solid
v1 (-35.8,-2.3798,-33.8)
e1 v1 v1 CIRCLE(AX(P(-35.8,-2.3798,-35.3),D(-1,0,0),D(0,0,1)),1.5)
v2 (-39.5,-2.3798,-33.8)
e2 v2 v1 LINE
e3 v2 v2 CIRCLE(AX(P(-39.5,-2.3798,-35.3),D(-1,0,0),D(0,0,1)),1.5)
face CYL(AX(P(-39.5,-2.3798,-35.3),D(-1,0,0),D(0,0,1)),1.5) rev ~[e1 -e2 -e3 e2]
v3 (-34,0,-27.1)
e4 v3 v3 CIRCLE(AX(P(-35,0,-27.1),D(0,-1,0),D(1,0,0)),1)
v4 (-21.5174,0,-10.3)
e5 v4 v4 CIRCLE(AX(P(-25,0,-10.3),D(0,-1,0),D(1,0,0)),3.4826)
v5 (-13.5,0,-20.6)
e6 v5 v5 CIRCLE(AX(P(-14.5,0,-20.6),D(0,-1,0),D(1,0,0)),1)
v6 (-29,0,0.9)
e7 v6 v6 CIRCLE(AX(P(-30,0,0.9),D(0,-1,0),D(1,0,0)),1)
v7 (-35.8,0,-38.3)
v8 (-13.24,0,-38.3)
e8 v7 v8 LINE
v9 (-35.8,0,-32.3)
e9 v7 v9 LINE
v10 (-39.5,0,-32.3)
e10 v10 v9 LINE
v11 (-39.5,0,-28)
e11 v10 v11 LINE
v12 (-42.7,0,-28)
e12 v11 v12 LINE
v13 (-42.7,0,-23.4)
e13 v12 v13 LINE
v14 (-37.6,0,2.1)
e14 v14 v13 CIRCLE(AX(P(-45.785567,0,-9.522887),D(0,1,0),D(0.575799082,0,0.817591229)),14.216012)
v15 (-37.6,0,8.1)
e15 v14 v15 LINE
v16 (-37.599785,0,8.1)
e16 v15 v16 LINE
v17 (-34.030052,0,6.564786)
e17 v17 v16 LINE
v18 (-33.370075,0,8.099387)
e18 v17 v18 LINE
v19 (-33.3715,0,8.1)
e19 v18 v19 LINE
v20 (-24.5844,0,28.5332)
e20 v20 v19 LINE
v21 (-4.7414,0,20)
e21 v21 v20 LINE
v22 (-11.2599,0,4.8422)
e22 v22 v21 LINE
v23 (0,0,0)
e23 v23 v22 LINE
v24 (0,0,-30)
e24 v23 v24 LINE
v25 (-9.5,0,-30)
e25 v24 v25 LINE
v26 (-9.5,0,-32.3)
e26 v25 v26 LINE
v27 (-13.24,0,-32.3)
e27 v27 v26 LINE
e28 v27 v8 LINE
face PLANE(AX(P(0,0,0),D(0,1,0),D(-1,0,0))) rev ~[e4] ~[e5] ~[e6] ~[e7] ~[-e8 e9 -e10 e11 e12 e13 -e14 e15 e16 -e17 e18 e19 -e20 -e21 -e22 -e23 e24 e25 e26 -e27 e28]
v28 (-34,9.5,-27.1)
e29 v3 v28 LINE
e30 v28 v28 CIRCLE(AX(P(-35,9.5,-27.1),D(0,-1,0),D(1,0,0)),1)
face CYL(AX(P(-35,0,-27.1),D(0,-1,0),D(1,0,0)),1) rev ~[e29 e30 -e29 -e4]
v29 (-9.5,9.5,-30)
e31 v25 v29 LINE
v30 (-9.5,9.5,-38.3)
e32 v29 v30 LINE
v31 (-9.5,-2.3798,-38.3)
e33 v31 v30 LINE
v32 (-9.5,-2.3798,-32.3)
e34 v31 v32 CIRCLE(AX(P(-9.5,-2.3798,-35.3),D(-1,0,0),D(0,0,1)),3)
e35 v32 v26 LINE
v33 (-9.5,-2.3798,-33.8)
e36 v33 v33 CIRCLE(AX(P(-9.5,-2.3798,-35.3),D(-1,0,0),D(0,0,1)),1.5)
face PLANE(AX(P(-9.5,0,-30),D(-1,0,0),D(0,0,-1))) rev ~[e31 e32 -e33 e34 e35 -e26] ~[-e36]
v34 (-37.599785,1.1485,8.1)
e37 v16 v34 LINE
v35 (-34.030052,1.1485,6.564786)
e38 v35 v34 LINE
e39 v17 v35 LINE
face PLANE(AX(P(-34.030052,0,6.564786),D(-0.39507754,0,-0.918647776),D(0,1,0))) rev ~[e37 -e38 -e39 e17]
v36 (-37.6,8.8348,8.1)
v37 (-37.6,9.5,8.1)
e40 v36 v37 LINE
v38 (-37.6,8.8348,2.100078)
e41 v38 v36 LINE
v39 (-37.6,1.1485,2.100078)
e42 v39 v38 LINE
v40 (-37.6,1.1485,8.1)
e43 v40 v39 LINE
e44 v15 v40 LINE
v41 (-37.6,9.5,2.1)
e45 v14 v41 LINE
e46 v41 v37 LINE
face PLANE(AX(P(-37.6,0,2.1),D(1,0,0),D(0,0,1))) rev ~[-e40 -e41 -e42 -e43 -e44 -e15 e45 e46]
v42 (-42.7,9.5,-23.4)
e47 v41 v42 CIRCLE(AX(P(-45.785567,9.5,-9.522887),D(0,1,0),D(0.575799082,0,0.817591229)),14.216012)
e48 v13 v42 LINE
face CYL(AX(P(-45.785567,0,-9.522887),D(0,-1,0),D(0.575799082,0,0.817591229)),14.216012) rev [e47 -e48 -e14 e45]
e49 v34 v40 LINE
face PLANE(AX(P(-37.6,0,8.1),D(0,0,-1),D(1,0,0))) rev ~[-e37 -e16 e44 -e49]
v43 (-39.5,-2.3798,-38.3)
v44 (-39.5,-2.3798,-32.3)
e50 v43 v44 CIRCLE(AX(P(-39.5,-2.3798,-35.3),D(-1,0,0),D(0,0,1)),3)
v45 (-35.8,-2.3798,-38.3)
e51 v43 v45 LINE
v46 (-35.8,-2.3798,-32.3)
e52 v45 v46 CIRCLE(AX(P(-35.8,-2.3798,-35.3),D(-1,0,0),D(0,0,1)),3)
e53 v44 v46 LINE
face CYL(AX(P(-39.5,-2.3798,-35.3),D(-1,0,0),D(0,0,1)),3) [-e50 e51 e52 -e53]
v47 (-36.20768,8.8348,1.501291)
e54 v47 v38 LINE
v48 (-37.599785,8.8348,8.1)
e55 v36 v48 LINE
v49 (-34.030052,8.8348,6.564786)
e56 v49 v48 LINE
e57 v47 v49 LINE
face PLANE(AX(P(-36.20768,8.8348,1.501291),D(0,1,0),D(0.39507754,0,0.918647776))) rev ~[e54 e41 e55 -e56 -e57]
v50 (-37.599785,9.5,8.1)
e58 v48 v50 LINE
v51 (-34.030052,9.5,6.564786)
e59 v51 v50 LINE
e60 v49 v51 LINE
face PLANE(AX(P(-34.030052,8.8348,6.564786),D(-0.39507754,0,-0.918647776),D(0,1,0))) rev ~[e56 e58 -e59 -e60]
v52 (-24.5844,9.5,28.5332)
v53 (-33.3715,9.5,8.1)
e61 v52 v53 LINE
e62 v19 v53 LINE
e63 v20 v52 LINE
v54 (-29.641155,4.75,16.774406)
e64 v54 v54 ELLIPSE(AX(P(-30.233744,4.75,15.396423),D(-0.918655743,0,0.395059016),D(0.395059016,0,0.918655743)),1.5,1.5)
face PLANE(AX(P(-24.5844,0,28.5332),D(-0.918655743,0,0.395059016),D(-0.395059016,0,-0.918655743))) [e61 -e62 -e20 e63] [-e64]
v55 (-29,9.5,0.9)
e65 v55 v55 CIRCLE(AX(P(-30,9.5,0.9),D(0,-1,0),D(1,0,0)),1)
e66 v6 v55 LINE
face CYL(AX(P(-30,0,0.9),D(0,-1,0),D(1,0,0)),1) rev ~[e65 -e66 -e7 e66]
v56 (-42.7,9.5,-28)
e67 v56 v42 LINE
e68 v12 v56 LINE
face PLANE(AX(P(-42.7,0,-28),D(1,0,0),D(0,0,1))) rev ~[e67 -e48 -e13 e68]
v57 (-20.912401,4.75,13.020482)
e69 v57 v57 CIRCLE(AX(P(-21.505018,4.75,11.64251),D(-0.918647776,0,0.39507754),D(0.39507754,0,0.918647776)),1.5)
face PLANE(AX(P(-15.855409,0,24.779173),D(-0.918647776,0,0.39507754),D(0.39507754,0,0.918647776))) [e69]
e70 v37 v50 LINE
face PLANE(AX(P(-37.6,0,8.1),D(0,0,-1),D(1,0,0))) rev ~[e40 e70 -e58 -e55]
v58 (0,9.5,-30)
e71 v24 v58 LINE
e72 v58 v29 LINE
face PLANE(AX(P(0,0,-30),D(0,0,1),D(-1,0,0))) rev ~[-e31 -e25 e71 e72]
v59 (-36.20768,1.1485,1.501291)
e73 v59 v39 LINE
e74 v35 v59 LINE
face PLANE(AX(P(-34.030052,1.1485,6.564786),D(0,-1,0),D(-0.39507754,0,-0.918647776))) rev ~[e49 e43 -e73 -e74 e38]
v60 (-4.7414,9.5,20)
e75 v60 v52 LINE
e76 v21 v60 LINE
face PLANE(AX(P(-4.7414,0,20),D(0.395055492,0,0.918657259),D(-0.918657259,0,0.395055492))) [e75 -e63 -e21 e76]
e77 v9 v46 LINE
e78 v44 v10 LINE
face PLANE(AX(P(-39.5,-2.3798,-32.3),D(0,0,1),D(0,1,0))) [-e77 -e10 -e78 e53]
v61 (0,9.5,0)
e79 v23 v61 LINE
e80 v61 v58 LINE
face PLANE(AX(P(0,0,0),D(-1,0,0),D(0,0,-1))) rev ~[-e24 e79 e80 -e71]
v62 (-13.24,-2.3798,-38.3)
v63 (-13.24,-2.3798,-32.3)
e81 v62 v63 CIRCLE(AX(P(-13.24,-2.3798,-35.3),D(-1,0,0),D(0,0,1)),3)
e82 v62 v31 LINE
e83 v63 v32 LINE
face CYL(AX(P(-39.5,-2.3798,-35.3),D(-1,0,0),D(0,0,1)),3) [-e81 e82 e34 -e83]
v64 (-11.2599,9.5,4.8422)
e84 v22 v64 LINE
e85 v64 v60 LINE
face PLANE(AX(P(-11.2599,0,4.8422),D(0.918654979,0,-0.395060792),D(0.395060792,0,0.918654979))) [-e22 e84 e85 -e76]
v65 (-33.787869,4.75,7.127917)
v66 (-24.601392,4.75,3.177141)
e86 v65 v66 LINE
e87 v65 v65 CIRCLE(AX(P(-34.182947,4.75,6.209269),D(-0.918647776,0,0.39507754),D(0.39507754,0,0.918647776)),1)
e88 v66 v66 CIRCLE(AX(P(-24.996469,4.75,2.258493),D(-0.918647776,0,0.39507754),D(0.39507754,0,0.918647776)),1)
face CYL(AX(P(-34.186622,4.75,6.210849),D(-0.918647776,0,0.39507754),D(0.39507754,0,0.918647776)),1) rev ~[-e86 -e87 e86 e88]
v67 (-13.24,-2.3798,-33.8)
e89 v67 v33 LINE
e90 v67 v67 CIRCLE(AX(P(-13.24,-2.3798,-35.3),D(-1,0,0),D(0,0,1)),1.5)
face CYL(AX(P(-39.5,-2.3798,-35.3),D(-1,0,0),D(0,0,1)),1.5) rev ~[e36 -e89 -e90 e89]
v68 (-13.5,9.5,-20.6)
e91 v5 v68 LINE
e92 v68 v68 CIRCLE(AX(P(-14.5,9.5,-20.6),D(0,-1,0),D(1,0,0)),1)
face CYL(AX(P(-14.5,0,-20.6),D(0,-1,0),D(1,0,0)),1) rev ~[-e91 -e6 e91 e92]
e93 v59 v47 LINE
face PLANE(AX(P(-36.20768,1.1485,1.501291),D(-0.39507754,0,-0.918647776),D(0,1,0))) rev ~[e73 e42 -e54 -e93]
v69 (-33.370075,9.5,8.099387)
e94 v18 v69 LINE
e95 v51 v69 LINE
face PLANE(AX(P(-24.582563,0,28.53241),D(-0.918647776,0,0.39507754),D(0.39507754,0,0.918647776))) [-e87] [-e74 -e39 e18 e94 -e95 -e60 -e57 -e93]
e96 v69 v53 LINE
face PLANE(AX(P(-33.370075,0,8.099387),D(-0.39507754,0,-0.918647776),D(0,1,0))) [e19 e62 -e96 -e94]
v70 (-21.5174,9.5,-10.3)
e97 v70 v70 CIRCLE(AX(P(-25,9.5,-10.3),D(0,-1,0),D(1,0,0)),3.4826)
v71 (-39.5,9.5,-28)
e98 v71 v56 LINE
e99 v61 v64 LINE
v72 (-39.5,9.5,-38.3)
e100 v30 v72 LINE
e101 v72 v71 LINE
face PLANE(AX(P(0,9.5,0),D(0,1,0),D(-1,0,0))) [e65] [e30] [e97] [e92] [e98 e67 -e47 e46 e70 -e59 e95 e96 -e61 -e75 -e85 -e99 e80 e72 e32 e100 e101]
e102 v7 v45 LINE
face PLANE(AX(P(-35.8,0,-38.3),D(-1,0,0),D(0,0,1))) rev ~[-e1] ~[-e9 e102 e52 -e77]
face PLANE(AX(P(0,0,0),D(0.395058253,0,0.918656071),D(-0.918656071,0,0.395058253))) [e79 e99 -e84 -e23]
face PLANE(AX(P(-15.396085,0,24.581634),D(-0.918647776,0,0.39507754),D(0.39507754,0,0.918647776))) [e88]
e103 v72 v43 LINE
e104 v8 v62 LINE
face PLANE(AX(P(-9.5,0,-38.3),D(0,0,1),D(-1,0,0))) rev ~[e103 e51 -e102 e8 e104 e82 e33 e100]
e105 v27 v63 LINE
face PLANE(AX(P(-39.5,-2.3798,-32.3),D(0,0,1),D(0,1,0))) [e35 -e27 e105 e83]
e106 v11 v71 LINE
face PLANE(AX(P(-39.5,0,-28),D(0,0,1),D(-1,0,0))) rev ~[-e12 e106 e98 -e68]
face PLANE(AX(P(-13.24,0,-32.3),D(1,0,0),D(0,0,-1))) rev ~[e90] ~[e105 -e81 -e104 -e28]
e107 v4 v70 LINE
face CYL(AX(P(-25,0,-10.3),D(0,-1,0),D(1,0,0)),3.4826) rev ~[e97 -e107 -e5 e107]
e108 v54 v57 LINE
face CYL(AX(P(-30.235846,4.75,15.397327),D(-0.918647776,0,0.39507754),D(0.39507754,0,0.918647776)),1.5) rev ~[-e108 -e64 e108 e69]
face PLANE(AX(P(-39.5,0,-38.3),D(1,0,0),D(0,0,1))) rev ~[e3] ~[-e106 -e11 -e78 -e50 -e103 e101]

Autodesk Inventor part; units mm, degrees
ref_plane "YZ Plane" through (0, 0, 0) normal (1, 0, 0) x (0, 1, 0)
ref_plane "XZ Plane" through (0, 0, 0) normal (0, 1, 0) x (-1, 0, 0)
ref_plane "XY Plane" through (0, 0, 0) normal (0, 0, 1) x (1, 0, 0)
sketch "Skizze1" plane through (0, 0, 0) normal (0, 1, 0) x (-1, 0, 0)
  line L0 (0, 0) -> (0, -30)
  line L1 (0, -30) -> (9.5, -30)
  line L2 (9.5, -30) -> (9.5, -38.3)
  line L3 (9.5, -38.3) -> (39.5, -38.3)
  line L4 (39.5, -38.3) -> (39.5, -28)
  line L5 (39.5, -28) -> (42.7, -28)
  line L6 (42.7, -28) -> (42.7, -23.4)
  arc A0 (37.6, 2.1) -> (42.7, -23.4) centre (45.7856, -9.5229) ccw
  line L7 (0, 0) -> (11.2599, 4.8422)
  line L8 (11.2599, 4.8422) -> (4.7414, 20)
  line L9 (4.7414, 20) -> (24.5844, 28.5332)
  line L10 (24.5844, 28.5332) -> (33.3715, 8.1)
  line L11 (62.1927, -61.79) -> (-17.9865, -61.79) construction
  line L12 (-17.9865, -61.79) -> (-17.9865, 45.1157) construction
  line L13 (-17.9865, 45.1157) -> (62.1927, 45.1157) construction
  line L14 (62.1927, 45.1157) -> (62.1927, -61.79) construction
  line L15 (-1.7899, 2.1) -> (7.9361, 5.9872)
  line L16 (37.6, 2.1) -> (37.6, 8.1)
  line L17 (37.6, 8.1) -> (33.3715, 8.1)
  dimension "d0" = 30
  dimension "d1" = 9.5
  dimension "d2" = 8.3
  dimension "d3" = 30
  dimension "d4" = 10.3
  dimension "d5" = 3.2
  dimension "d6" = 4.6
  dimension "d7" = 5.1
  dimension "d8" = 25.5
  dimension "d10" = 90
  dimension "d11" = 20
  dimension "d12" = 16.5
  dimension "d13" = 21.6
  dimension "d14" = 90
  dimension "d30" = 90
  dimension "d34" = 6
extrude "Extrusion1" add sketch "Skizze1" along normal blind 9.5
sketch "Skizze2" plane through (-24.5844, 0, 28.5332) normal (-0.9187, 0, 0.3951) x (0.3951, 0, 0.9187)
  line L0 (-22.2425, 0) -> (0, 0) projected
  line L1 (0, 0) -> (0, 9.5) projected
  line L2 (-22.2425, 9.5) -> (0, 9.5) projected
  line L3 (-22.2425, 0) -> (-22.2425, 9.5) projected
  circle A0 centre (-14.3, 4.75) radius 1.5
  point P0 (-16.5, 0)
  dimension "d38" = 14.3
  dimension "d39" = 3
extrude "Extrusion2" cut sketch "Skizze2" against normal blind 9.5 contours A0
sketch "Skizze3" plane through (-39.5, 0, -38.3) normal (-1, 0, 0) x (0, 0, 1)
  line L0 (0, 0) -> (10.3, 0) projected
  line L1 (10.3, 0) -> (10.3, 9.5) projected
  line L2 (0, 9.5) -> (10.3, 9.5) projected
  line L3 (0, 0) -> (0, 9.5) projected
  circle A0 centre (3, -2.3798) radius 1.5
  circle A1 centre (3, -2.3798) radius 3
  line L4 (0, 0) -> (0, 9.5) projected
  line L5 (0, -2.3798) -> (0, 0.1566)
  line L6 (6, -2.3798) -> (6, 0)
  line L7 (8.3, 0) -> (0, 0) projected
  point P0 (38.3, 0)
  dimension "d42" = 3
  dimension "d43" = 6
extrude "Extrusion3" add sketch "Skizze3" against normal up to surface (30 mm away) contours L6 A1 L0 | A1 L0 | A1 L5 L0 picked at (2.9397, -0.2969)
sketch "Skizze4" plane through (0, 0, 0) normal (0, -1, 0) x (1, 0, 0)
  line L0 (-39.5, -32.3) -> (-9.5, -32.3) projected
  line L1 (-9.5, -30) -> (-9.5, -32.3) projected
  line L2 (0, -30) -> (-9.5, -30) projected
  line L3 (0, 0) -> (0, -30) projected
  line L4 (-11.2599, 4.8422) -> (0, 0) projected
  line L5 (-4.7414, 20) -> (-11.2599, 4.8422) projected
  line L6 (-24.5844, 28.5332) -> (-4.7414, 20) projected
  line L7 (-33.3715, 8.1) -> (-24.5844, 28.5332) projected
  line L8 (-37.6, 8.1) -> (-33.3715, 8.1) projected
  line L9 (-37.6, 2.1) -> (-37.6, 8.1) projected
  arc A0 (-42.7, -23.4) -> (-37.6, 2.1) centre (-45.7856, -9.5229) ccw projected
  line L10 (-42.7, -28) -> (-42.7, -23.4) projected
  line L11 (-39.5, -28) -> (-42.7, -28) projected
  line L12 (-39.5, -32.3) -> (-39.5, -28) projected
  circle A1 centre (-25, -10.3) radius 3.4826
  line L13 (-39.5, -38.3) -> (-9.5, -38.3) projected
  dimension "d46" = 25
  dimension "d47" = 28
extrude "Extrusion4" cut sketch "Skizze4" against normal blind 10 contours A1
sketch "Skizze5" plane through (0, 0, 0) normal (0, -1, 0) x (1, 0, 0)
  line L0 (-9.5, -38.3) -> (-9.5, -32.3) projected
  line L1 (-39.5, -32.3) -> (-9.5, -32.3) projected
  line L2 (-39.5, -38.3) -> (-39.5, -32.3) projected
  line L3 (-39.5, -38.3) -> (-9.5, -38.3) projected
  line L4 (-9.5, -38.3) -> (-39.5, -38.3) projected
  line L5 (-35.8, -32.3) -> (-13.24, -32.3)
  line L6 (-13.24, -32.3) -> (-13.24, -38.3)
  line L7 (-13.24, -38.3) -> (-35.8, -38.3)
  line L8 (-35.8, -38.3) -> (-35.8, -32.3)
  line L9 (-13.24, -32.3) -> (-35.8, -32.3)
  line L10 (-35.8, -32.3) -> (-35.8, -38.3)
  line L11 (-35.8, -38.3) -> (-13.24, -38.3)
  line L12 (-13.24, -38.3) -> (-13.24, -32.3)
  point P0 (0, 0)
  dimension "d50" = 3.74
  dimension "d51" = 3.7
extrude "Extrusion5" cut sketch "Skizze5" along normal blind 10 contours L3 L8 L1 L6
sketch "Skizze6" plane through (0, 0, 0) normal (0, -1, 0) x (1, 0, 0)
  arc A0 (-36.7, -25.4555) -> (-37.7, -26.4555) centre (-36.7, -26.4555) ccw projected
  line L0 (-37.7, -26.4555) -> (-37.7, -29.6) projected
  line L1 (-37.7, -29.6) -> (-12, -29.6) projected
  line L2 (-12, -29.6) -> (-12, -20.0723) projected
  arc A1 (-12, -20.0723) -> (-13, -19.0723) centre (-13, -20.0723) ccw projected
  line L3 (-13, -19.0723) -> (-14.8624, -19.0723) projected
  arc A2 (-15.8624, -18.0723) -> (-14.8624, -19.0723) centre (-14.8624, -18.0723) ccw projected
  line L4 (-15.8624, -18.0723) -> (-15.8624, 0.4) projected
  line L5 (-15.8624, 0.4) -> (-27.397, 0.4) projected
  arc A3 (-28.397, 1.4) -> (-27.397, 0.4) centre (-27.397, 1.4) ccw projected
  line L6 (-28.397, 1.4) -> (-28.397, 2.4) projected
  arc A4 (-28.397, 2.4) -> (-29.397, 3.4) centre (-29.397, 2.4) ccw projected
  line L7 (-29.397, 3.4) -> (-31.9624, 3.4) projected
  arc A5 (-31.9624, 3.4) -> (-32.9624, 2.4) centre (-31.9624, 2.4) ccw projected
  line L8 (-32.9624, 2.4) -> (-32.9624, -24.4555) projected
  arc A6 (-33.9624, -25.4555) -> (-32.9624, -24.4555) centre (-33.9624, -24.4555) ccw projected
  line L9 (-33.9624, -25.4555) -> (-36.7, -25.4555) projected
  line L10 (-31, -17.1) -> (-31, -1.6) projected
  line L11 (-31, -1.6) -> (-17.5, -1.6) projected
  line L12 (-17.5, -1.6) -> (-17.5, -17.1) projected
  line L13 (-17.5, -17.1) -> (-31, -17.1) projected
  circle A7 centre (-35, -27.1) radius 1 projected
  circle A8 centre (-14.5, -20.6) radius 1 projected
  circle A9 centre (-30, 0.9) radius 1 projected
  line L14 (-42.7, -28) -> (-42.7, -23.4) projected
  point P0 (0, 0)
  dimension "d56" = 7.7
extrude "Extrusion6" cut sketch "Skizze6" against normal through all contours A7 | A8 | A9
sketch "Skizze7" plane through (-24.5844, 0, 28.5332) normal (-0.9187, 0, 0.3951) x (0.3951, 0, 0.9187)
  circle A0 centre (-14.3, 4.75) radius 1.5 projected
  line L0 (-22.2425, 0) -> (0, 0) projected
  line L1 (0, 0) -> (0, 9.5) projected
  line L2 (-22.2425, 9.5) -> (0, 9.5) projected
  line L3 (-22.2425, 0) -> (-22.2425, 9.5) projected
  line L4 (-29.4249, 0) -> (-23.913, 0) projected
  line L5 (-23.913, 0) -> (-23.913, 9.5) projected
  line L6 (-29.4249, 9.5) -> (-23.913, 9.5) projected
  line L7 (-29.4249, 0) -> (-29.4249, 9.5) projected
  line L8 (-23.913, 0) -> (-23.913, 9.5) projected
  line L9 (-23.913, 0) -> (-22.2425, 0) projected
  line L10 (-22.2425, 0) -> (-22.2425, 9.5) projected
  line L11 (-23.913, 9.5) -> (-22.2425, 9.5) projected
  line L12 (-23.913, 0) -> (-23.913, 9.5) projected
  line L13 (-22.2425, 0) -> (-22.2425, 9.5) projected
  line L14 (-29.4249, 0) -> (-29.4249, 9.5) projected
  line L15 (-22.2425, 1.1485) -> (-29.4249, 1.1485)
  line L16 (-29.4249, 1.1485) -> (-29.4249, 8.8348)
  line L17 (-29.4249, 8.8348) -> (-22.2425, 8.8348)
  line L18 (-22.2425, 8.8348) -> (-22.2425, 1.1485)
  point P0 (-16.5, 0)
  point P1 (-23.913, 8.8348)
  point P2 (-29.4249, 8.8348)
  point P3 (-23.913, 1.1485)
  point P4 (-23.913, 0)
  point P5 (-23.913, 9.5)
extrude "Extrusion7" cut sketch "Skizze7" along normal blind 10 contours L9 L5 L15 L3 | L15 L5 L17 L3 | L17 L5 L11 L3 | L15 L7 L17 L5
sketch "Skizze8" plane through (-24.5844, 0, 28.5332) normal (-0.9187, 0, 0.3951) x (0.3951, 0, 0.9187)
  line L0 (-16.5, 0) -> (-16.5, 9.5) projected
  circle A0 centre (-14.3, 4.75) radius 1.5 projected
  line L1 (0, 0) -> (-23.913, 0) projected
  line L2 (0, 0) -> (0, 9.5) projected
  line L3 (-23.913, 9.5) -> (0, 9.5) projected
  line L4 (-23.913, 9.5) -> (-23.913, 8.8348) projected
  line L5 (-23.913, 8.8348) -> (-29.4249, 8.8348) projected
  line L6 (-29.4249, 8.8348) -> (-29.4249, 1.1485) projected
  line L7 (-29.4249, 1.1485) -> (-23.913, 1.1485) projected
  line L8 (-23.913, 1.1485) -> (-23.913, 0) projected
  circle A1 centre (-24.3, 4.75) radius 1
  dimension "d59" = 2
  dimension "d60" = 10
extrude "Extrusion8" cut sketch "Skizze8" against normal blind 10 contours A1
properties part number "00_KES400A_base"
